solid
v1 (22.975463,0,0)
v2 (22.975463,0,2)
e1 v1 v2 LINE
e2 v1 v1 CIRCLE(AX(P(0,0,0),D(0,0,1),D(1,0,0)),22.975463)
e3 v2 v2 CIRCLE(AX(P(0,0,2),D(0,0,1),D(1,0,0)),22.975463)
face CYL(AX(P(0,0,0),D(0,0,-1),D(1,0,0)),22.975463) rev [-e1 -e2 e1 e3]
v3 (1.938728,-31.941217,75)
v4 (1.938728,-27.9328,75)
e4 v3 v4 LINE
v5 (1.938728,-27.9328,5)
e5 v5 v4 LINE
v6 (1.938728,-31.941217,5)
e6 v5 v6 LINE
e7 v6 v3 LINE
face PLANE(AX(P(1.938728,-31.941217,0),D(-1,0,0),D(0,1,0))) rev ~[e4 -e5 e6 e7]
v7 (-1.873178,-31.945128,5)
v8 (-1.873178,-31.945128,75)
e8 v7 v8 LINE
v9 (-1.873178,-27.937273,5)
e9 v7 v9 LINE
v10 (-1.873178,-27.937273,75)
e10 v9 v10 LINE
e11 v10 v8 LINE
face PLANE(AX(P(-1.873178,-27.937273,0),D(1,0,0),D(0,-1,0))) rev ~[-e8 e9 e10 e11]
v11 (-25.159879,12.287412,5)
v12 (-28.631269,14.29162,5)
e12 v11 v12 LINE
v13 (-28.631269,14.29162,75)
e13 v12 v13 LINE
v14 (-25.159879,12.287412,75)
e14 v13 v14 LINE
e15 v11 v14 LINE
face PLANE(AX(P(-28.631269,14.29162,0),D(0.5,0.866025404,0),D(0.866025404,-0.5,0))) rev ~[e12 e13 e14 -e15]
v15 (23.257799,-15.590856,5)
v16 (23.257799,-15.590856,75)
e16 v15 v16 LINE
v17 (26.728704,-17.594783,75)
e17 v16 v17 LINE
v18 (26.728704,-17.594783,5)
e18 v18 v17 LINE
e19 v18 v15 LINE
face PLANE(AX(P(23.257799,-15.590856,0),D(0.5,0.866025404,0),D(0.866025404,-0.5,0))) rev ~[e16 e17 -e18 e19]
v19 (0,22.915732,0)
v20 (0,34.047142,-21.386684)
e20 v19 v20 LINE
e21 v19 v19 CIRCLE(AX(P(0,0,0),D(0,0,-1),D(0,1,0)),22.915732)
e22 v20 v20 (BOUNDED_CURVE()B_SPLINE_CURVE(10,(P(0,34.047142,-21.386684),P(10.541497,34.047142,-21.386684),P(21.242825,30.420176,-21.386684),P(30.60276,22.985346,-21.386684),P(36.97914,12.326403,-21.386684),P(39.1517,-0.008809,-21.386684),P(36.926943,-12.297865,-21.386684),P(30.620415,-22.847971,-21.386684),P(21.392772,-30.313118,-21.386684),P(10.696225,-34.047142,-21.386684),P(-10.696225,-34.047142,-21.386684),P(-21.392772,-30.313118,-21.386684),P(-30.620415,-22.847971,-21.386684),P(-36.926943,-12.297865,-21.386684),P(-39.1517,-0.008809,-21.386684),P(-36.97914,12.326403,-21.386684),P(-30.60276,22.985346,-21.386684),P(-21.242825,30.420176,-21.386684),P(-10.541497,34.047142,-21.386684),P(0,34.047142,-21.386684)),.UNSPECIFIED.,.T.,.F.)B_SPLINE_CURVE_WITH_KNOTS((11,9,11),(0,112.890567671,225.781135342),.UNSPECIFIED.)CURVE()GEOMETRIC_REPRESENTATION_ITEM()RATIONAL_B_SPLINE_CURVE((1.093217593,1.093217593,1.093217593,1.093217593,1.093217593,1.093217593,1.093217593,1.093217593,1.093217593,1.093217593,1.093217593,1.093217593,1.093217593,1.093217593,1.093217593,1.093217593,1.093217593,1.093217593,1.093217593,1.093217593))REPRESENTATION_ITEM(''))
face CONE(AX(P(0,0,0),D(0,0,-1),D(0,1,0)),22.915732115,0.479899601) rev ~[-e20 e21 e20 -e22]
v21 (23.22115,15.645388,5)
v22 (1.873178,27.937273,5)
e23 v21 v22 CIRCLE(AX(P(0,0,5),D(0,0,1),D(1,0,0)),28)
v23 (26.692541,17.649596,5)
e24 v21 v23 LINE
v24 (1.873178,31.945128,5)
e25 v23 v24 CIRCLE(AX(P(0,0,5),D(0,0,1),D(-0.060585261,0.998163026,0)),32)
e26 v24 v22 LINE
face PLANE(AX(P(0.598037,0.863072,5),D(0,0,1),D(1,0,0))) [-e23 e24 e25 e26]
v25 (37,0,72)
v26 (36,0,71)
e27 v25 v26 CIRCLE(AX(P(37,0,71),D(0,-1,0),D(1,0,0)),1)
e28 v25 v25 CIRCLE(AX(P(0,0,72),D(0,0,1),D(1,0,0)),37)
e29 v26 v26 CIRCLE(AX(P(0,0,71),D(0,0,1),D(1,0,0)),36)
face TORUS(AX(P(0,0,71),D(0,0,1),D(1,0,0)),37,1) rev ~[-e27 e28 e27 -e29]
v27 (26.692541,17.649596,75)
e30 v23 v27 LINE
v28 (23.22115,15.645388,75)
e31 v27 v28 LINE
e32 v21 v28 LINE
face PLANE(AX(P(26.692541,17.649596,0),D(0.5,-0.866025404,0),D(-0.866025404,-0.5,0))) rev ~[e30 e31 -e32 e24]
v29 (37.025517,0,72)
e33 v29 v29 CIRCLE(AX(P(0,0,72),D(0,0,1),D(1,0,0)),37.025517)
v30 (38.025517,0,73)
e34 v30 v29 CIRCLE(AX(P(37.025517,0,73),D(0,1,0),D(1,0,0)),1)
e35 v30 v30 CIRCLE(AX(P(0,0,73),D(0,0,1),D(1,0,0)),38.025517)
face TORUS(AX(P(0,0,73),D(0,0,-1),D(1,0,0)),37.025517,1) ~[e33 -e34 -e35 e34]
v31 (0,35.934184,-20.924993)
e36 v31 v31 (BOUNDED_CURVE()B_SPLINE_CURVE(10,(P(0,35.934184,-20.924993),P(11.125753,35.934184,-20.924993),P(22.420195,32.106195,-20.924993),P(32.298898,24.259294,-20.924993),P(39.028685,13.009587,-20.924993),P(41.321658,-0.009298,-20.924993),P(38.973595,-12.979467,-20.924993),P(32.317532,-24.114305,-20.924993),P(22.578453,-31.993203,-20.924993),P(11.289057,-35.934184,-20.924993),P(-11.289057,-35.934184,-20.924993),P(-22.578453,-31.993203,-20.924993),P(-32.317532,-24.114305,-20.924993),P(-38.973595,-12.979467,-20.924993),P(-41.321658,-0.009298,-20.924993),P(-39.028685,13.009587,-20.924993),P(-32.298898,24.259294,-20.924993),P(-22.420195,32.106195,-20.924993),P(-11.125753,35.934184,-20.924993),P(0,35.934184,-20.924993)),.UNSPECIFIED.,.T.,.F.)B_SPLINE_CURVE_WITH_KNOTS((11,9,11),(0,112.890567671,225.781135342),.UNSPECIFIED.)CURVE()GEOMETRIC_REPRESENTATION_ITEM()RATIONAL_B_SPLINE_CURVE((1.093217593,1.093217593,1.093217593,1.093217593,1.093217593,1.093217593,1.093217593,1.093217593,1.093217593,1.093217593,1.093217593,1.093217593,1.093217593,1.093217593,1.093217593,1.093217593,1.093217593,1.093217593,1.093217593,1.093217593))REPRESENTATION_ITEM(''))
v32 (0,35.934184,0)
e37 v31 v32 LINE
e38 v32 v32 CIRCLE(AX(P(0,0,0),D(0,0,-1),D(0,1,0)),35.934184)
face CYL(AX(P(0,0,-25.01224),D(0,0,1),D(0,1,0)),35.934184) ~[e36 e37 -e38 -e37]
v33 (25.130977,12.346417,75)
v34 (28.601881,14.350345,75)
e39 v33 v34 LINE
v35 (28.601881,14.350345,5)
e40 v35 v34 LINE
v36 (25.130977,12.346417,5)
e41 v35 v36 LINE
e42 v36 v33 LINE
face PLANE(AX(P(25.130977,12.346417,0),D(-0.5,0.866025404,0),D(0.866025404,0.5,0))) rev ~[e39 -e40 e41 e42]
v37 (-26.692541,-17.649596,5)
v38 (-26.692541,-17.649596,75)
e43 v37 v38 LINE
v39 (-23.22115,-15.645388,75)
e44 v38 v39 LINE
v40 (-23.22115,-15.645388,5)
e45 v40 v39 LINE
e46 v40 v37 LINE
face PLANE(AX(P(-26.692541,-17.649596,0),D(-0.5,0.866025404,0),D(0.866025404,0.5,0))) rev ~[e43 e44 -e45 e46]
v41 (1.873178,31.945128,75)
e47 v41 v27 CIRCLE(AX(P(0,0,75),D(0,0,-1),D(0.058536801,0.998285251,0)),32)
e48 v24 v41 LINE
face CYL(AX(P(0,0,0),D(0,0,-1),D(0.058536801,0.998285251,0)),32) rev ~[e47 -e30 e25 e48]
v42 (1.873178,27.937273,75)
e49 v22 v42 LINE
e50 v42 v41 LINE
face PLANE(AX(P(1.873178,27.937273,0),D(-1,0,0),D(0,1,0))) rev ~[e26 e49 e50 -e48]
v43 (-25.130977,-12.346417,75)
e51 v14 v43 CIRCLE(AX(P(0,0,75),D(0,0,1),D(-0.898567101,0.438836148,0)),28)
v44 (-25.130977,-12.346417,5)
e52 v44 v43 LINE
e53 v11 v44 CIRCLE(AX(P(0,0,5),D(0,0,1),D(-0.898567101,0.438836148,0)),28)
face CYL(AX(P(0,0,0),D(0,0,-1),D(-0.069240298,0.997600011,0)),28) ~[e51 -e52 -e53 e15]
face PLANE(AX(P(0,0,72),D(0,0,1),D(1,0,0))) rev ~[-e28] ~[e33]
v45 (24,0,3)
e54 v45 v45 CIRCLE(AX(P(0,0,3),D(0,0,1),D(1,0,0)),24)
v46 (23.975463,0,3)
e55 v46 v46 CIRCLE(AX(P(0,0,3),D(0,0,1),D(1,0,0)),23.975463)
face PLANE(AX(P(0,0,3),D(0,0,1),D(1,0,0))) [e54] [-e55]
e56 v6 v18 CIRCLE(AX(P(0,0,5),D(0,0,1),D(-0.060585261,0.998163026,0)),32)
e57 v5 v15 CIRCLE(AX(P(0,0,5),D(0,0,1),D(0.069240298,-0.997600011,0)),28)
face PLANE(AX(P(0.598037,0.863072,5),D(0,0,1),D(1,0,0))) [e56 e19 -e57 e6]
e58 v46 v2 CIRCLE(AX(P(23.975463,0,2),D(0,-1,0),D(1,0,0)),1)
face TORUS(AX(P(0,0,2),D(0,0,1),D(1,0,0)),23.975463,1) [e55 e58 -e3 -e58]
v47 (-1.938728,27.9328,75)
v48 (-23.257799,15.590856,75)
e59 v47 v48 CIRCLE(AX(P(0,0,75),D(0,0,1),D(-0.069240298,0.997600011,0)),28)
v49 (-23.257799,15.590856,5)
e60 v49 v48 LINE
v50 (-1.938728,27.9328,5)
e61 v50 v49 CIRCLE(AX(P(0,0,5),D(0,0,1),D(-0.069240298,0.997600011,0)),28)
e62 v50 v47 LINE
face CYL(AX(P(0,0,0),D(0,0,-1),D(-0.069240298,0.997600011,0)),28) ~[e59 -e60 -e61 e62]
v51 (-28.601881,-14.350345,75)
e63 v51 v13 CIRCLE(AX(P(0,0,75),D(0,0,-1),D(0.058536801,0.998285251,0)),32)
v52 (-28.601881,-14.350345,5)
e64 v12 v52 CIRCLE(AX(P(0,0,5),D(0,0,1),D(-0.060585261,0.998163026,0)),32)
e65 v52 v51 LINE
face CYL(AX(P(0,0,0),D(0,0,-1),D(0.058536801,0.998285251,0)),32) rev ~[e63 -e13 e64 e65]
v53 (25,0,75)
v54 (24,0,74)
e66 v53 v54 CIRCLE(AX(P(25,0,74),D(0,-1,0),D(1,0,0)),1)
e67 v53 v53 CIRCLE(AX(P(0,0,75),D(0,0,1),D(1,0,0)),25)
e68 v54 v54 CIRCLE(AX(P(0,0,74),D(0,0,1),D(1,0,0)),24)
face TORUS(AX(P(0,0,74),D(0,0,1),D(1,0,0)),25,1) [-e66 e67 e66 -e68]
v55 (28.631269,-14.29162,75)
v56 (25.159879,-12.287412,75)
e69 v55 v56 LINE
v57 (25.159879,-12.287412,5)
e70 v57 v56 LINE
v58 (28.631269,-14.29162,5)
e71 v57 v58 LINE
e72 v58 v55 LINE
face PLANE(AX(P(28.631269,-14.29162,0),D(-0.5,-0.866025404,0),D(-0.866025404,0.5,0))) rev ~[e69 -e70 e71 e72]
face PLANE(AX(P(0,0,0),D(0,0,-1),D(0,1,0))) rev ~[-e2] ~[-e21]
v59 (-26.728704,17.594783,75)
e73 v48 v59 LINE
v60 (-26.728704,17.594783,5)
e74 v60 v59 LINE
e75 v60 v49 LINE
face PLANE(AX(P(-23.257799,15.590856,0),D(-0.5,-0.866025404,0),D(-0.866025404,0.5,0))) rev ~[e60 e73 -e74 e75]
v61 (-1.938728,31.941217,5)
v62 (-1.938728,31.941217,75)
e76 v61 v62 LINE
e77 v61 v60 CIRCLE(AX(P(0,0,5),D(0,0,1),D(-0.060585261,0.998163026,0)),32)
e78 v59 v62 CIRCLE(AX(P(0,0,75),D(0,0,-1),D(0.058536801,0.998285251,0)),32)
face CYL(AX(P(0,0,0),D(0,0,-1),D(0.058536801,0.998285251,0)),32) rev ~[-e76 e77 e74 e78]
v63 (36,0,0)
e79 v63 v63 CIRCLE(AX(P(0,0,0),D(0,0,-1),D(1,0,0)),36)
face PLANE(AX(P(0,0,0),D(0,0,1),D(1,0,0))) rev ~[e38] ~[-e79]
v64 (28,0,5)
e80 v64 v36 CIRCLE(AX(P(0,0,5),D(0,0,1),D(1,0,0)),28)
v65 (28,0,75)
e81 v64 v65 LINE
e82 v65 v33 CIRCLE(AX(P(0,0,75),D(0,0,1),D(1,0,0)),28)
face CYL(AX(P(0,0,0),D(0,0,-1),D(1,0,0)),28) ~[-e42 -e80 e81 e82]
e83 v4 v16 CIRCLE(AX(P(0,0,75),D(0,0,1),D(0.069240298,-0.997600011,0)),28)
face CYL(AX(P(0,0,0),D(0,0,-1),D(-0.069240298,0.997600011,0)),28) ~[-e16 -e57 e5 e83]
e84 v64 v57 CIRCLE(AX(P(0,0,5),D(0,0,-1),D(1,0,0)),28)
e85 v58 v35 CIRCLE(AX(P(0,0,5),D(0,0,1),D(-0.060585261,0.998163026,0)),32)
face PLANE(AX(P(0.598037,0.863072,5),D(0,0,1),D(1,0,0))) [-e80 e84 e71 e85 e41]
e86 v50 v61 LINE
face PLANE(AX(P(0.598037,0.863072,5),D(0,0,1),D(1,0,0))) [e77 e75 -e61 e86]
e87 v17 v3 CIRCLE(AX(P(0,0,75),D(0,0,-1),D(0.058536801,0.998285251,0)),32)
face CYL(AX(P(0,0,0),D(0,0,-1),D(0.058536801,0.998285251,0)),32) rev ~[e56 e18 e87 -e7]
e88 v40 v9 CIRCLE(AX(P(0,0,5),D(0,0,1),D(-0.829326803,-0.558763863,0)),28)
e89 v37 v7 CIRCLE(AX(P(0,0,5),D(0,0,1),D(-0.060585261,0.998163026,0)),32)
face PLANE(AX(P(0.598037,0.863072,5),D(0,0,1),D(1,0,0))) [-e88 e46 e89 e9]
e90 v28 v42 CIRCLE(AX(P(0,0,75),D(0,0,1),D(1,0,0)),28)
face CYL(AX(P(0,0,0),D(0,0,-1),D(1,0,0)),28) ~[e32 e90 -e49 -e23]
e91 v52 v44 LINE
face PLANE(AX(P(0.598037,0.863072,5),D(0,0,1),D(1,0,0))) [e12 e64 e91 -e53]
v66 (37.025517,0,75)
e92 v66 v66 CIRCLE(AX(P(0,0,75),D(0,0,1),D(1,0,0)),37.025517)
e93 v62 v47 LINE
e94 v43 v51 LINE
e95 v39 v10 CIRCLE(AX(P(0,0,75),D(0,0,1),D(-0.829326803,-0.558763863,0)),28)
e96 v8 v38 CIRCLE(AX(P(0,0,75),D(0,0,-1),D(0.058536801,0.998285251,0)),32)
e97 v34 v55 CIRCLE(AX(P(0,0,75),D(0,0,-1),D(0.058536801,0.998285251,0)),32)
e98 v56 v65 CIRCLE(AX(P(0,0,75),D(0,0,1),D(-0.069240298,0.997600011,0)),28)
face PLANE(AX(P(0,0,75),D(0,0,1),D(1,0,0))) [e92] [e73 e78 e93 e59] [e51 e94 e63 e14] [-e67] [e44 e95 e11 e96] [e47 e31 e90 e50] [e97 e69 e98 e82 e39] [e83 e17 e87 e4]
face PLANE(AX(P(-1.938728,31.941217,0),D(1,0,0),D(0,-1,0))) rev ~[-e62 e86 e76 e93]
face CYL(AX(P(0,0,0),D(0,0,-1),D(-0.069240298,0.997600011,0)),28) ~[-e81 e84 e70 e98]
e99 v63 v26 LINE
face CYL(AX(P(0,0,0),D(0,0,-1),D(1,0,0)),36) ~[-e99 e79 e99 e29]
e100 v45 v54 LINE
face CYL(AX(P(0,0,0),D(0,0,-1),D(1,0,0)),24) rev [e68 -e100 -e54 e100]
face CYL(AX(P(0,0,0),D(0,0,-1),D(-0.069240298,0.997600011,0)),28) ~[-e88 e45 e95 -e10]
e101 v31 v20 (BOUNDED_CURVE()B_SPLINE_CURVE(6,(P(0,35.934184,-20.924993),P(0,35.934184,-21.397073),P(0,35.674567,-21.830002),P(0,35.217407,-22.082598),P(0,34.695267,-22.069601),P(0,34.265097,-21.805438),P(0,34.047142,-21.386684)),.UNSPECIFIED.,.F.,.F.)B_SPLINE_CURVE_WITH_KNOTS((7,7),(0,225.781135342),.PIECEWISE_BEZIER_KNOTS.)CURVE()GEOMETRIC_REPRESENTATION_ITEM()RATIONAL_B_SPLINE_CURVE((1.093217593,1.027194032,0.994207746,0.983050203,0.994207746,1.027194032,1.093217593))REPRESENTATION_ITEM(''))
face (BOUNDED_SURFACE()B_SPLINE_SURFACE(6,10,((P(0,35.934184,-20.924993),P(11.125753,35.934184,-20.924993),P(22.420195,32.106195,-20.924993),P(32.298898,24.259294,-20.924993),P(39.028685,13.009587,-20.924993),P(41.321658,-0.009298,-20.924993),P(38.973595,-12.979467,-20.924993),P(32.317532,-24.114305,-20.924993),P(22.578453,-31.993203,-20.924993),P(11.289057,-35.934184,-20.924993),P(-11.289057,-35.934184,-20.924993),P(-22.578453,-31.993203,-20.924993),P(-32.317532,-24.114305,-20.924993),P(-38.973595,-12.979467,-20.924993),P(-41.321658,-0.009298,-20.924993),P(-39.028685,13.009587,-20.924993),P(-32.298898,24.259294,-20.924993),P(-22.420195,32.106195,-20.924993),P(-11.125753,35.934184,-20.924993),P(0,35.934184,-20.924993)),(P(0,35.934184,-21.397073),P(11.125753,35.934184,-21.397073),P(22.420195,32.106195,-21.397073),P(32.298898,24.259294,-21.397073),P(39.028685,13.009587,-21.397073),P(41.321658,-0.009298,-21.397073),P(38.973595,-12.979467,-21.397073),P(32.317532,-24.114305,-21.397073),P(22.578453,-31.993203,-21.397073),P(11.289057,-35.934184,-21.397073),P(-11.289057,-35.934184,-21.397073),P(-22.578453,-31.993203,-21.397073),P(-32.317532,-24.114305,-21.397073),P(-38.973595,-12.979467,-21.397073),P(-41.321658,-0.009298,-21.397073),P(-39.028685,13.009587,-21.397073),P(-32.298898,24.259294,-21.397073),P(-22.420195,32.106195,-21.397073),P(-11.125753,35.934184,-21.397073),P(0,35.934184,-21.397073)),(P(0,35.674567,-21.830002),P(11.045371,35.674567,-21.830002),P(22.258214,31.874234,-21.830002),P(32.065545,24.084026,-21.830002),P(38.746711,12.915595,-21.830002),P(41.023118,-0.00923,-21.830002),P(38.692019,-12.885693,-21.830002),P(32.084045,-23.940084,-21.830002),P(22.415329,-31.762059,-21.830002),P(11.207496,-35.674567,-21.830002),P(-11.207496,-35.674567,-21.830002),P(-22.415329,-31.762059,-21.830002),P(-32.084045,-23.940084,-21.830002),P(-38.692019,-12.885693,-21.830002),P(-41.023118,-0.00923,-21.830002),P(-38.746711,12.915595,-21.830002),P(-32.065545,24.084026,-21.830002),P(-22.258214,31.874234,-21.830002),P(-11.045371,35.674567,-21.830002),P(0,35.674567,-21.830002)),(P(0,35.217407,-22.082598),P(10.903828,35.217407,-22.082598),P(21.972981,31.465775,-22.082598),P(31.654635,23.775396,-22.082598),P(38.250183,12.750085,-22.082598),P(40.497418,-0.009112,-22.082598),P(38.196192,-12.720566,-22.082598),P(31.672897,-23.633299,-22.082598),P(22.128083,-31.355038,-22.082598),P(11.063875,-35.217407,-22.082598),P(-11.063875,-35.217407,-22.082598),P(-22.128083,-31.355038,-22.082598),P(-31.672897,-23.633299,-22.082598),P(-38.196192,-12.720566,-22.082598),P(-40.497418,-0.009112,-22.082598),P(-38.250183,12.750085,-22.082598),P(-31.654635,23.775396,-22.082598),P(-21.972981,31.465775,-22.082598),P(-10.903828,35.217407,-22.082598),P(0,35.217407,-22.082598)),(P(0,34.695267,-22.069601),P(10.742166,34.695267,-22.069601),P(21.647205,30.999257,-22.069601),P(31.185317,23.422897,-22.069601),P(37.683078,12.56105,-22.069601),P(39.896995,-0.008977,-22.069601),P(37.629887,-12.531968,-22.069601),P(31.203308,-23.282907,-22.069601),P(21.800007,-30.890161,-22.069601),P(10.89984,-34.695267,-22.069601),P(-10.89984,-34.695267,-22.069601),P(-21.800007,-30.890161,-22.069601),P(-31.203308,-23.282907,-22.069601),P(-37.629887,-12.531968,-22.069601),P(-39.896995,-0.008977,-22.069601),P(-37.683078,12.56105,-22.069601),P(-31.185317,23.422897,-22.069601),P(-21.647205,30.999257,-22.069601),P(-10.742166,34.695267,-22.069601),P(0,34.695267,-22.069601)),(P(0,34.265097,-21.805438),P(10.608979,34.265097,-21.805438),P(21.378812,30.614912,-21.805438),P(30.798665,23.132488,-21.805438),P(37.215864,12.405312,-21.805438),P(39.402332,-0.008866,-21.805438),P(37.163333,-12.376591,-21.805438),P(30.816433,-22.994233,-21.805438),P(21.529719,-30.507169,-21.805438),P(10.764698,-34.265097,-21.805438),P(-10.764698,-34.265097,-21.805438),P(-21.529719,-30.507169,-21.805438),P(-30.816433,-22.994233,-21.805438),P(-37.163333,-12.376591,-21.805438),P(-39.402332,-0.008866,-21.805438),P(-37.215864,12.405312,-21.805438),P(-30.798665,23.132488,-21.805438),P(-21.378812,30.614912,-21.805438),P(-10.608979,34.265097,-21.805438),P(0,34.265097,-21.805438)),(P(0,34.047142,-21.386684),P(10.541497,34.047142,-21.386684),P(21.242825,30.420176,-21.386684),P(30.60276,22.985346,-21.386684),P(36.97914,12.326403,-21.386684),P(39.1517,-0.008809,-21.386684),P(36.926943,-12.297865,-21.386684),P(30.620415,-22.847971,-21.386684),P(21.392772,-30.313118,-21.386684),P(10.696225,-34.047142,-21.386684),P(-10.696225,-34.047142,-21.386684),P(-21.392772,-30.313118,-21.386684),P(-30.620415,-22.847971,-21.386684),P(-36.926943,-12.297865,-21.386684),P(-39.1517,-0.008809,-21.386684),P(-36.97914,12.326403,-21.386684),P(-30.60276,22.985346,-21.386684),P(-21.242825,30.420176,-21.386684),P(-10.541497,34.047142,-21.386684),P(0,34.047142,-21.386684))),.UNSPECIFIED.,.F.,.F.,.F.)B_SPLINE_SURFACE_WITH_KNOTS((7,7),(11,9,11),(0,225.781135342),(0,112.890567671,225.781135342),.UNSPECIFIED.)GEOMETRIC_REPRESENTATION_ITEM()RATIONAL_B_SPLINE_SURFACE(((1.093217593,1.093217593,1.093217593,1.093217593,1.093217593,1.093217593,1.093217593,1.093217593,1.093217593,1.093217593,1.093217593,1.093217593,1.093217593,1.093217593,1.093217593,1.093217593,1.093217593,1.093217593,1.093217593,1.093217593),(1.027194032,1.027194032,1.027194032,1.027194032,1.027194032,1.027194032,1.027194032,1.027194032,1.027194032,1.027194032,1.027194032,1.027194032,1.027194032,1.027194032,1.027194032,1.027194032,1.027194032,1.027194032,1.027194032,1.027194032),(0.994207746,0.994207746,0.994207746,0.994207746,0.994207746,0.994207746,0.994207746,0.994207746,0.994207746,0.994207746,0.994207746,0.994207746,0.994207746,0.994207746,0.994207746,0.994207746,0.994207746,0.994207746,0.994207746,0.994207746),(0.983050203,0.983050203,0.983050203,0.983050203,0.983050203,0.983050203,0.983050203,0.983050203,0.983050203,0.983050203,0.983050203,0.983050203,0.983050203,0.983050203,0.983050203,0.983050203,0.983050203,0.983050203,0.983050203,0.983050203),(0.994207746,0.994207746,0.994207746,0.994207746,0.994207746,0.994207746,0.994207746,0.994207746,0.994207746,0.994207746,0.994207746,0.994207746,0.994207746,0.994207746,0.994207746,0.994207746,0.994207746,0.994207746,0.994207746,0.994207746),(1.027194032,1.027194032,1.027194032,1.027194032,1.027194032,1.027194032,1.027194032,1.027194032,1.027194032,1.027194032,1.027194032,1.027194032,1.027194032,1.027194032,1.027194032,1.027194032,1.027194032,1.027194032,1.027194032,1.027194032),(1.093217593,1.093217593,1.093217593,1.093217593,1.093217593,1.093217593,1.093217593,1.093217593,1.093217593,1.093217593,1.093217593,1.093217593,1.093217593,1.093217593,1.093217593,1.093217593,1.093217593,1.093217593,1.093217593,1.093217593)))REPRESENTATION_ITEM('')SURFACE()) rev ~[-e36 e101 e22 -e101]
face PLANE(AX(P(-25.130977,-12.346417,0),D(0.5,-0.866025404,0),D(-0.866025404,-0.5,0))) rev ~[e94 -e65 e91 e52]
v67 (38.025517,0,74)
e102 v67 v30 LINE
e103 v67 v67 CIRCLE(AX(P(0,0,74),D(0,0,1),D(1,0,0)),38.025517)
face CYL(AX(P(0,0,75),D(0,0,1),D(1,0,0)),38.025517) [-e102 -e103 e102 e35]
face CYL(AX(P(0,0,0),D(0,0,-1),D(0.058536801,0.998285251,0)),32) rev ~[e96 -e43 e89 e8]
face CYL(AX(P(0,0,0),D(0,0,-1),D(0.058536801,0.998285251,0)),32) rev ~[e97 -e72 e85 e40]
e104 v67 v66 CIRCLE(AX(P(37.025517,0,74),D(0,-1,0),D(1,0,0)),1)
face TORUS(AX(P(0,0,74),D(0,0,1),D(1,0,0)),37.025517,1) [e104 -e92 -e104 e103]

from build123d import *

# Parameters (mm, degrees)
F0_R      = 24
F1_DEPTH  = 75
F0_R_2    = 36
F2_DEPTH  = 75
F3_DEPTH  = 5
F0_R_3    = 22.9754630811
F4_DEPTH  = 3
F8_COUNT  = 6
F9_R      = 38.0255174111
F9_R_2    = 36
F10_DEPTH = 3
F11_R     = 1


with BuildPart() as f1:
    # F0 (on Top) → F1 (new body)
    with BuildSketch(Plane.XY):
        with BuildLine():
            ThreePointArc((-1.9387283501, 27.9328002961), (-19.101251349, -20.4729625824), (28, 0))
            ThreePointArc((28, 0), (20.4505375655, 19.1252585155), (1.8731776226, 27.9372726943))
            ThreePointArc((1.8731776226, 27.9372726943), (-0.0328515609, 27.9999807281), (-1.9387283501, 27.9328002961))
        make_face()
        Circle(F0_R, mode=Mode.SUBTRACT)
    extrude(amount=F1_DEPTH)



with BuildPart() as f1b:
    # F0 (on Top) → F1, piece 2 (new body)
    with BuildSketch(Plane.XY):
        Circle(F0_R_2)
        with BuildLine():
            ThreePointArc((-1.9387283501, 31.9412168269), (-0.0328336545, 31.9999831555), (1.8731776226, 31.9451280416))
            ThreePointArc((1.8731776226, 31.9451280416), (23.2802672227, 21.9551624462), (32, 0))
            ThreePointArc((32, 0), (-21.9312641313, -23.3027821), (-1.9387283501, 31.9412168269))
        make_face(mode=Mode.SUBTRACT)
    extrude(amount=F1_DEPTH)


with BuildPart() as f1_1:
    add(f1.part)

    add(f1b.part)  # F2 merges F1b
    # F0 (on Top) → F2 (join)
    with BuildSketch(Plane.XY):
        with BuildLine():
            ThreePointArc((-1.9387283501, 27.9328002961), (-0.0328515609, 27.9999807281), (1.8731776226, 27.9372726943))
            Line((1.8731776226, 27.9372726943), (1.8731776226, 31.9451280416))
            ThreePointArc((1.8731776226, 31.9451280416), (-0.0328336545, 31.9999831555), (-1.9387283501, 31.9412168269))
            Line((-1.9387283501, 31.9412168269), (-1.9387283501, 27.9328002961))
        make_face()
    extrude(amount=F2_DEPTH)

    # F0 (on Top) → F3 (join)
    with BuildSketch(Plane.XY):
        with BuildLine():
            ThreePointArc((1.8731776226, 27.9372726943), (20.4505375655, 19.1252585155), (28, 0))
            ThreePointArc((28, 0), (-19.101251349, -20.4729625824), (-1.9387283501, 27.9328002961))
            Line((-1.9387283501, 27.9328002961), (-1.9387283501, 31.9412168269))
            ThreePointArc((-1.9387283501, 31.9412168269), (-21.9312641313, -23.3027821), (32, 0))
            ThreePointArc((32, 0), (23.2802672227, 21.9551624462), (1.8731776226, 31.9451280416))
            Line((1.8731776226, 31.9451280416), (1.8731776226, 27.9372726943))
        make_face()
    extrude(amount=F3_DEPTH)

    # F0 (on Top) → F4 (join)
    with BuildSketch(Plane.XY):
        Circle(F0_R)
        Circle(F0_R_3, mode=Mode.SUBTRACT)
    extrude(amount=F4_DEPTH)

    # F5 (on Right) → F7 (revolve)
    with BuildSketch(Plane.YZ):
        Polygon((35.9341837466, 0), (22.9157321155, 0), (35.9341837466, -25.0122398138), align=None)
    revolve(axis=Axis((0, 0, -19.2990265787), (0, 0, -1)))

    # F8: F1 ×6 about axis
    f8_axis = Axis((0, 0, 45.2430993319), (0, 0, 1))


with BuildPart() as f1_2:
    add(f1_1.part)
    for i in range(1, F8_COUNT):
        add(f1_1.part.rotate(f8_axis, i * 360 / F8_COUNT))

    # F9 (on face) → F10 (join)
    with BuildSketch(Plane.XY.offset(75)):
        Circle(F9_R)
        Circle(F9_R_2, mode=Mode.SUBTRACT)
    extrude(amount=-F10_DEPTH)

    # F11
    f11_edges = [f1_2.edges().sort_by_distance(p)[0] for p in [
        (0, -35.934184, -25.01224),
        (-38.025517, 0, 75),
        (-24, 0, 75),
        (-36, 0, 72),
        (-38.025517, 0, 72),
        (-22.975463, 0, 3),
    ]]
    fillet(f11_edges, radius=F11_R)


solid = f1_2.part
